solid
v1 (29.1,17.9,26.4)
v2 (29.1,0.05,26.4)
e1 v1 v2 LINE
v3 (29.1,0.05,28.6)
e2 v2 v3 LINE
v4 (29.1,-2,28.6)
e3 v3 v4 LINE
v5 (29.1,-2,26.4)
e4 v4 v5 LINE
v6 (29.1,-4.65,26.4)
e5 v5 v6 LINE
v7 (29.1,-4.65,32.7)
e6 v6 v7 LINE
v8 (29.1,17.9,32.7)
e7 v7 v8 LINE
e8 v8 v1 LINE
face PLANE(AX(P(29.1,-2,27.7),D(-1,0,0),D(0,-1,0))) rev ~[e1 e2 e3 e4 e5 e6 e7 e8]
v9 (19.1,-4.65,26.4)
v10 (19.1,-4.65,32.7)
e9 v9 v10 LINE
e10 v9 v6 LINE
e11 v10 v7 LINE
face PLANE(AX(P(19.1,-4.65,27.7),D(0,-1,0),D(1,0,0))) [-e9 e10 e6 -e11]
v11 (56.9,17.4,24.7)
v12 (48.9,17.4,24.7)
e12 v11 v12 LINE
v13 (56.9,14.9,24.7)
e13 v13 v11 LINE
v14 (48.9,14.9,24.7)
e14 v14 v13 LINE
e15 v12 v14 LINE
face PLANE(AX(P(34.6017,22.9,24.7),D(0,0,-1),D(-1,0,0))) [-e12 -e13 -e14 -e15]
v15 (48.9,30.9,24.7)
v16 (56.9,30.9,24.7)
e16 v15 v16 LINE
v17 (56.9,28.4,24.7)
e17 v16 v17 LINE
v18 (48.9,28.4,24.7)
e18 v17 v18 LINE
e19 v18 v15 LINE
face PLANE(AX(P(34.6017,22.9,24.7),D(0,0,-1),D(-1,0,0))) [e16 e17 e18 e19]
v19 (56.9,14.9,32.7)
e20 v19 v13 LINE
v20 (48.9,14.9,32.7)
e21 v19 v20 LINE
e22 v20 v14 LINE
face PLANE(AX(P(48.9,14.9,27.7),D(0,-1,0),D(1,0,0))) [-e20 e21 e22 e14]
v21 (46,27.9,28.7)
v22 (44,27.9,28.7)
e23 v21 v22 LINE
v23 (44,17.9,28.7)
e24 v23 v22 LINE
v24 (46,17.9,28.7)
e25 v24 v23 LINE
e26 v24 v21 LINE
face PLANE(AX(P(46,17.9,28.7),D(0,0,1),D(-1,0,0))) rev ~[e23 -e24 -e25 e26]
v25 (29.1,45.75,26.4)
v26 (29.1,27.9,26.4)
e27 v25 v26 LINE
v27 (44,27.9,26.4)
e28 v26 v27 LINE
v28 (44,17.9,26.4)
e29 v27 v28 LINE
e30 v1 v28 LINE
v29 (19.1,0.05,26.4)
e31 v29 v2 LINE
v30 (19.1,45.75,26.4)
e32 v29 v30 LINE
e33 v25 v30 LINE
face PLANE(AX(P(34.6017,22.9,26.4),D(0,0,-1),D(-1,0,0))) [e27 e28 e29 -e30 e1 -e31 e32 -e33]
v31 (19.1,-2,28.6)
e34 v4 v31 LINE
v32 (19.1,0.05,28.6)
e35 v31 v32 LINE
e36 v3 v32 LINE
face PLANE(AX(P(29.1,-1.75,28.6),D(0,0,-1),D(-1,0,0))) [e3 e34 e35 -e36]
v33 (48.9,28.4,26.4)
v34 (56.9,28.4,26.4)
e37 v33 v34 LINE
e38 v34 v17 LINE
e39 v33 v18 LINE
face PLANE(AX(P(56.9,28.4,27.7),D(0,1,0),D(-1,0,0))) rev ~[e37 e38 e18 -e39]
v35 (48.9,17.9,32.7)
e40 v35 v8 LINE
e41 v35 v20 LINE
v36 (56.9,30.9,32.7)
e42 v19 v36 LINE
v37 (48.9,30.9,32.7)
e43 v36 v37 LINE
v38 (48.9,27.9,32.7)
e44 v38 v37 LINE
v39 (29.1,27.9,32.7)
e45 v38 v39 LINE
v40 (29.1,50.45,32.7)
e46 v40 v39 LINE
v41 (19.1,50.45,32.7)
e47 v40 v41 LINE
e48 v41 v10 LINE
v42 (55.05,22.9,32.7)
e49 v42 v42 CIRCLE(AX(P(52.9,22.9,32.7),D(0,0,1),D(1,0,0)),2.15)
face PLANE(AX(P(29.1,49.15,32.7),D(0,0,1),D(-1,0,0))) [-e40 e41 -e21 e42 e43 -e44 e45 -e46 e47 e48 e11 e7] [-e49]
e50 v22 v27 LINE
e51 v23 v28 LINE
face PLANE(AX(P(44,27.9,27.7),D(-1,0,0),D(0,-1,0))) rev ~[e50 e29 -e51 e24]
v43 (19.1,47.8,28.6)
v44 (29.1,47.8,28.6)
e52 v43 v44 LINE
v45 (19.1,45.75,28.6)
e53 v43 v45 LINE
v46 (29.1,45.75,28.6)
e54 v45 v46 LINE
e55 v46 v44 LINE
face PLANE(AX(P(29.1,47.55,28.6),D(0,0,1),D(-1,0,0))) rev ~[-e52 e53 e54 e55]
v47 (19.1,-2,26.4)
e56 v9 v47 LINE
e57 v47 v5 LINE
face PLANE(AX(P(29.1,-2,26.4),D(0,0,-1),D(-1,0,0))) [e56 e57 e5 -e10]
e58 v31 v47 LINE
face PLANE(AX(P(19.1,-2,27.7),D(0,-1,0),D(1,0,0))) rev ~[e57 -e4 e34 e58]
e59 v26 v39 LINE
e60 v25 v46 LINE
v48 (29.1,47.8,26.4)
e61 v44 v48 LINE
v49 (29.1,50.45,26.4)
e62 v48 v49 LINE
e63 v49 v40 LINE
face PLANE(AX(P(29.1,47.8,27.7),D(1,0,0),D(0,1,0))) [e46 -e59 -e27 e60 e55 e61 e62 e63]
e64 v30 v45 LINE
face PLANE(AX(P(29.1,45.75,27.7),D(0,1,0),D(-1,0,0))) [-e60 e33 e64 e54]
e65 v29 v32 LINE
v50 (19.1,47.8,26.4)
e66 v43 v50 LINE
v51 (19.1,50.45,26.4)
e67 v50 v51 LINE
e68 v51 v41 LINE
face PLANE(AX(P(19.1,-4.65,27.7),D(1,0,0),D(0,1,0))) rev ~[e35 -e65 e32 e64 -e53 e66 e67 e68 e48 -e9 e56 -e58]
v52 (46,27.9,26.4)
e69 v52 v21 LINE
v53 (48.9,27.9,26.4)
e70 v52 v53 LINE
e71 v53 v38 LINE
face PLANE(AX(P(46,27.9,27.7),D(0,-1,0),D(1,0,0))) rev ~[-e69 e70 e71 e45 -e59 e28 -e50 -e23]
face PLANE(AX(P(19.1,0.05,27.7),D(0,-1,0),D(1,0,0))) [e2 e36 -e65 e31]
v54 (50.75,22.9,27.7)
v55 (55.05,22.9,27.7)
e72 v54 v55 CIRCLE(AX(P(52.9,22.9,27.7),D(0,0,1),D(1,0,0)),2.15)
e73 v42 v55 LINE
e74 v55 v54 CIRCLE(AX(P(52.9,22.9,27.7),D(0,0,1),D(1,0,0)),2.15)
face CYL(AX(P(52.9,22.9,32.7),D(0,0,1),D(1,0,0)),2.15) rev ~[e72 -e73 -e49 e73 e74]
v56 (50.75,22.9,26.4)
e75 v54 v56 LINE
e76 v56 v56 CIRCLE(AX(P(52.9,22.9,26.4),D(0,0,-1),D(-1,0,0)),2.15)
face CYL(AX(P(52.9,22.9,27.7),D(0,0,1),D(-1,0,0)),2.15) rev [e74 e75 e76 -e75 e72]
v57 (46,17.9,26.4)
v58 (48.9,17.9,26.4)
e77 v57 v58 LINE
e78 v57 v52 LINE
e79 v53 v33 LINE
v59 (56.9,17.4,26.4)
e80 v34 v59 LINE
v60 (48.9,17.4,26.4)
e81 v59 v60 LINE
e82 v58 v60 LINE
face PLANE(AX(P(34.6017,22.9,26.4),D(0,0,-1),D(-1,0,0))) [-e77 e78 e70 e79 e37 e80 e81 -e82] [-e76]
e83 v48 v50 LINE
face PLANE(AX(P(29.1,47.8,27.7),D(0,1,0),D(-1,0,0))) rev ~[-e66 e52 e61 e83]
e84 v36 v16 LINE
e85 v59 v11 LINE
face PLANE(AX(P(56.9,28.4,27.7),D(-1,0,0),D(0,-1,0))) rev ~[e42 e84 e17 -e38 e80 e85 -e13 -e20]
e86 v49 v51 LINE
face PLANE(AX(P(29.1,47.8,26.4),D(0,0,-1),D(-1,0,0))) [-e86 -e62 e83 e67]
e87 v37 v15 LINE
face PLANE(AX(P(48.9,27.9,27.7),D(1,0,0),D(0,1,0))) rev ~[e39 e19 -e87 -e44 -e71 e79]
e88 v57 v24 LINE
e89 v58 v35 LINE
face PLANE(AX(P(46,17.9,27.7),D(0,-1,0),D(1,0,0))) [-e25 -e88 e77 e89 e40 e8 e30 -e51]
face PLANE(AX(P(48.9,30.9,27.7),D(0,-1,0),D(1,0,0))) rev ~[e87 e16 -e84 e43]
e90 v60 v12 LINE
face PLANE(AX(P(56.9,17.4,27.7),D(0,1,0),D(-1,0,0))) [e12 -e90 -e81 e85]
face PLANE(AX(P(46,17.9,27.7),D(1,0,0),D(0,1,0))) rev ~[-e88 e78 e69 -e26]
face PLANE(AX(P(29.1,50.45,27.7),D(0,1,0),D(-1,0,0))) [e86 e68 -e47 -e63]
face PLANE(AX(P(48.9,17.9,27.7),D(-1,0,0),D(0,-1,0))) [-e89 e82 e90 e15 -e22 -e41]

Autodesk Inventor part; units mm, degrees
ref_plane "Work Plane1" through (34.6017, 22.9, 27.7) normal (0, 0, 1) x (0, -1, 0)
sketch "Sketch1" plane through (34.6017, 22.9, 27.7) normal (0, 0, 1) x (0, -1, 0)
  line L0 (-22.65, -5.5017) -> (22.65, -5.5017)
  line L1 (22.65, -5.5017) -> (22.65, -15.5017)
  line L2 (22.65, -15.5017) -> (-22.65, -15.5017)
  line L3 (-22.65, -15.5017) -> (-22.65, -5.5017)
  line L4 (-23.05, -33.7017) -> (-23.05, 15.1916) construction
  line L5 (23.05, 15.1916) -> (23.05, -33.7017) construction
  line L6 (-23.95, -33.6017) -> (-23.95, 15.3983) construction
  line L7 (22.9493, -34.6017) -> (-22.9493, -34.6017) construction
  line L8 (-23.85, -35.5017) -> (23.85, -35.5017) construction
  line L9 (23.05, -33.7017) -> (-23.05, -33.7017) construction
  point P0 (22.9, -34.6017)
  dimension "d0" = 45.3
  dimension "d1" = 10
  dimension "d2" = 0.4
  dimension "d4" = 20
extrude "Extrusion1" add sketch "Sketch1" along normal blind 3
sketch "Sketch2" plane through (19.1, 45.55, 27.7) normal (0, 1, 0) x (1, 0, 0)
  line L0 (10, 0) -> (10, -3) projected
  line L1 (0, -3) -> (10, -3)
  line L2 (10, -3) -> (10, -0.9)
  line L3 (10, -0.9) -> (0, -0.9)
  line L4 (0, -0.9) -> (0, -3)
  point P0 (-19.1, 27.7)
  dimension "d7" = 2.1
extrude "Extrusion2" add sketch "Sketch2" along normal blind 2
ref_plane "Work Plane3" through (19.1, 22.9, 27.7) normal (0, -1, 0) x (1, 0, 0)
mirror "Mirror2" about plane through (19.1, 22.9, 27.7) normal (0, -1, 0) of "Extrusion2"
sketch "Sketch3" plane through (19.1, 0.25, 27.7) normal (0, -1, 0) x (1, 0, 0)
  line L0 (10, 0.9) -> (0, 0.9) projected
  line L1 (0, 0) -> (0, 0.9) projected
  line L2 (10, 0) -> (0, 0) projected
  line L3 (10, 0) -> (10, 0.9) projected
  point P0 (-19.1, -27.7)
extrude "Extrusion3" add sketch "Sketch3" along normal blind 0.2
sketch "Sketch4" plane through (19.1, 45.55, 27.7) normal (0, 1, 0) x (1, 0, 0)
  line L0 (0, -0.9) -> (10, -0.9) projected
  line L1 (10, 0) -> (10, -0.9) projected
  line L2 (0, 0) -> (10, 0) projected
  line L3 (0, 0) -> (0, -0.9) projected
  point P0 (-19.1, 27.7)
extrude "Extrusion4" add sketch "Sketch4" along normal blind 0.2
sketch "Sketch5" plane through (19.1, 47.55, 27.7) normal (0, 1, 0) x (1, 0, 0)
  line L0 (0, -3) -> (10, -3) projected
  line L1 (10, -3) -> (10, -0.9) projected
  line L2 (10, -0.9) -> (0, -0.9) projected
  line L3 (0, -0.9) -> (0, -3) projected
  point P0 (-19.1, 27.7)
extrude "Extrusion5" add sketch "Sketch5" along normal blind 1.6
sketch "Sketch6" plane through (19.1, -1.75, 30.7) normal (0, -1, 0) x (1, 0, 0)
  line L0 (0, 0) -> (10, 0) projected
  line L1 (0, -2.1) -> (0, 0) projected
  line L2 (10, -2.1) -> (0, -2.1) projected
  line L3 (10, 0) -> (10, -2.1) projected
  point P0 (-19.1, -30.7)
extrude "Extrusion6" add sketch "Sketch6" along normal blind 1.6
sketch "Sketch7" plane through (29.1, 45.75, 28.6) normal (0, 0, -1) x (-1, 0, 0)
  line L0 (10, 0) -> (10, 3.4) projected
  line L1 (0, 3.4) -> (10, 3.4)
  line L2 (10, 3.4) -> (10, 1.85)
  line L3 (10, 1.85) -> (0, 1.85)
  line L4 (0, 1.85) -> (0, 3.4)
  point P0 (29.1, -45.75)
  dimension "d20" = 1.55
extrude "Extrusion7" add sketch "Sketch7" along normal up to surface (0.9 mm away)
mirror "Mirror3" about plane through (19.1, 22.9, 27.7) normal (0, -1, 0) of "Extrusion7"
sketch "Sketch8" plane through (19.1, 47.6, 28.6) normal (0, -1, 0) x (1, 0, 0)
  line L0 (0, -0.9) -> (10, -0.9) projected
  line L1 (10, 0) -> (10, -0.9) projected
  line L2 (0, 0) -> (10, 0) projected
  line L3 (0, 0) -> (0, -0.9) projected
  point P0 (-19.1, -28.6)
extrude "Extrusion8" cut sketch "Sketch8" against normal blind 0.2
sketch "Sketch9" plane through (19.1, -1.8, 27.7) normal (0, 1, 0) x (1, 0, 0)
  line L0 (0, 0) -> (10, 0) projected
  line L1 (0, -0.9) -> (0, 0) projected
  line L2 (10, -0.9) -> (0, -0.9) projected
  line L3 (10, -0.9) -> (10, 0) projected
  point P0 (-19.1, 27.7)
extrude "Extrusion9" cut sketch "Sketch9" against normal blind 0.2
sketch "Sketch10" plane through (34.6017, 22.9, 30.7) normal (0, 0, 1) x (1, 0, 0)
  line L0 (-5.5017, 26.25) -> (-5.5017, -26.25) projected
  line L1 (-15.5017, 26.25) -> (-5.5017, 26.25) projected
  line L2 (-15.5017, -26.25) -> (-15.5017, 26.25) projected
  line L3 (-5.5017, -26.25) -> (-15.5017, -26.25) projected
  point P0 (-34.6017, -22.9)
extrude "Extrusion10" add sketch "Sketch10" along normal blind 2
sketch "Sketch11" plane through (29.1, 0.05, 27.7) normal (1, 0, 0) x (0, 0, -1)
  line L0 (0, 45.7) -> (0, 0) projected
  line L1 (-5, -3.4) -> (-5, 49.1) projected
  line L2 (-5, 27.85) -> (0, 27.85)
  line L3 (0, 27.85) -> (0, 17.85)
  line L4 (0, 17.85) -> (-5, 17.85)
  line L5 (-5, 17.85) -> (-5, 27.85)
  line L6 (0, 49.1) -> (-5, 49.1) projected
  point P0 (27.7, -0.05)
  dimension "d29" = 10
  dimension "d37" = 21.25
ref_plane "Work Plane4" through (53.9, 4.4, -9.45) normal (1, 0, 0) x (0, 1, 0)
ref_plane "Work Plane5" through (56.9, 17.9, 20.2) normal (1, 0, 0) x (0, 1, 0)
extrude "Extrusion11" add sketch "Sketch11" along normal up to surface (27.8 mm away)
sketch "Sketch12" plane through (29.1, 17.9, 27.7) normal (0, -1, 0) x (1, 0, 0)
  line L0 (16.8, 0) -> (16.8, 0.8) construction
  line L1 (15.8, 0.8) -> (16.8, 0.8) construction
  line L2 (15, 0) -> (15, 0.8) construction
  line L3 (27.8, 0) -> (27.8, 5) construction
  line L4 (0, 5) -> (27.8, 5) construction
  line L5 (0, 0) -> (0, 5) construction
  line L6 (0, 0) -> (27.8, 0) construction
  line L7 (-34.3067, 0.8) -> (15.8, 0.8) construction
  line L8 (15, 0) -> (15, 0.8) construction
  line L9 (15, 0) -> (15, 0.8)
  line L10 (16.8, 0.8) -> (16.8, 0)
  line L11 (15, 0) -> (16.8, 0)
  line L12 (16.8, 0) -> (16.8, 0.8)
  line L13 (16.8, 0.8) -> (15, 0.8)
  line L14 (15, 0.8) -> (15, 0)
  line L15 (14.9, 0) -> (16.9, 0)
  line L16 (16.9, 0) -> (16.9, 1)
  line L17 (16.9, 1) -> (14.9, 1)
  line L18 (14.9, 1) -> (14.9, 0)
  point P0 (-29.1, -27.7)
  dimension "d32" = 2
  dimension "d33" = 1
  dimension "d34" = 0.1
extrude "Extrusion12" cut sketch "Sketch12" against normal up to next
sketch "Sketch17" plane through (34.6017, 22.9, 32.7) normal (0, 0, 1) x (1, 0, 0)
  circle A0 centre (18.2983, 0) radius 2.15 projected
  point P0 (-34.6017, -22.9)
extrude "Extrusion16" cut sketch "Sketch17" against normal up to next
sketch "Sketch18" plane through (56.9, 17.9, 27.7) normal (1, 0, 0) x (0, 0, -1)
  line L0 (0, 0) -> (-5, 0) projected
  line L1 (0, 10) -> (0, 0) projected
  line L2 (-5, 10) -> (0, 10) projected
  line L3 (-5, 0) -> (-5, 10) projected
  point P0 (27.7, -17.9)
extrude "Extrusion17" add sketch "Sketch18" along normal blind 3
sketch "Sketch20" plane through (29.1, 17.9, 27.7) normal (0, -1, 0) x (1, 0, 0)
  line L0 (16.9, 0) -> (30.8, 0) projected
  line L1 (30.8, 5) -> (19.8, 5)
  line L2 (19.8, 5) -> (19.8, 0)
  line L3 (19.8, 0) -> (30.8, 0)
  line L4 (30.8, 0) -> (30.8, 5)
  point P0 (-29.1, -27.7)
  dimension "d51" = 11
extrude "Extrusion18" add sketch "Sketch20" along normal blind 3
sketch "Sketch21" plane through (29.1, 27.9, 32.7) normal (0, 1, 0) x (1, 0, 0)
  line L0 (16.9, 5) -> (30.8, 5) projected
  line L1 (30.8, 0) -> (19.8, 0)
  line L2 (19.8, 0) -> (19.8, 5)
  line L3 (19.8, 5) -> (30.8, 5)
  line L4 (30.8, 5) -> (30.8, 0)
  point P0 (-29.1, 32.7)
  dimension "d54" = 11
extrude "Extrusion19" add sketch "Sketch21" along normal blind 3
sketch "Sketch22" plane through (34.6017, 22.9, 27.7) normal (0, 0, -1) x (-1, 0, 0)
  line L0 (-14.2983, -8) -> (-22.2983, -8)
  line L1 (-22.2983, -8) -> (-22.2983, -5.5)
  line L2 (-22.2983, -5.5) -> (-14.2983, -5.5)
  line L3 (-14.2983, -5.5) -> (-14.2983, -8)
  point P0 (34.6017, -22.9)
  dimension "d57" = 8
  dimension "d58" = 2.5
extrude "Extrusion20" add sketch "Sketch22" along normal blind 3
sketch "Sketch23" plane through (34.6017, 22.9, 27.7) normal (0, 0, -1) x (-1, 0, 0)
  line L0 (-14.2983, 8) -> (-22.2983, 8)
  line L1 (-22.2983, 8) -> (-22.2983, 5.5)
  line L2 (-22.2983, 5.5) -> (-14.2983, 5.5)
  line L3 (-14.2983, 5.5) -> (-14.2983, 8)
  point P0 (34.6017, -22.9)
  dimension "d61" = 8
  dimension "d62" = 2.5
extrude "Extrusion21" add sketch "Sketch23" along normal blind 3
sketch "Sketch24" plane through (59.9, 17.9, 27.7) normal (1, 0, 0) x (0, 0, -1)
  line L0 (0, 13) -> (0, -3) projected
  line L1 (-5, 13) -> (0, 13) projected
  line L2 (-5, -3) -> (-5, 13) projected
  line L3 (0, -3) -> (-5, -3) projected
  point P0 (27.7, -17.9)
extrude "Extrusion22" cut sketch "Sketch24" against normal blind 3
sketch "Sketch25" plane through (34.6017, 22.9, 27.7) normal (0, 0, -1) x (-1, 0, 0)
  line L0 (-9.3983, 5) -> (-9.3983, -5) projected
  line L1 (5.5017, -5) -> (-9.3983, -5) projected
  line L2 (5.5017, -5) -> (5.5017, -22.85) projected
  line L3 (15.5017, -22.85) -> (5.5017, -22.85) projected
  line L4 (15.5017, -22.85) -> (15.5017, 22.85) projected
  line L5 (5.5017, 22.85) -> (15.5017, 22.85) projected
  line L6 (5.5017, 22.85) -> (5.5017, 5) projected
  line L7 (5.5017, 5) -> (-9.3983, 5) projected
  point P0 (34.6017, -22.9)
extrude "Extrusion23" add sketch "Sketch25" along normal blind 1.3
sketch "Sketch26" plane through (19.1, -3.35, 30.7) normal (0, -1, 0) x (1, 0, 0)
  line L0 (0, -3) -> (0, 2) projected
  line L1 (10, -3) -> (0, -3) projected
  line L2 (10, 2) -> (10, -3) projected
  line L3 (0, 2) -> (10, 2) projected
  point P0 (-19.1, -30.7)
extrude "Extrusion24" add sketch "Sketch26" along normal blind 1.3
sketch "Sketch27" plane through (19.1, 49.15, 27.7) normal (0, 1, 0) x (1, 0, 0)
  line L0 (10, 0) -> (10, -5) projected
  line L1 (10, 0) -> (0, 0) projected
  line L2 (0, -5) -> (0, 0) projected
  line L3 (10, -5) -> (0, -5) projected
  point P0 (-19.1, 27.7)
extrude "Extrusion25" add sketch "Sketch27" along normal blind 1.3
sketch "Sketch28" plane through (29.1, 47.8, 27.7) normal (0, 0, -1) x (-1, 0, 0)
  line L0 (0, 0) -> (10, 0) projected
  line L1 (10, 0) -> (10, 2.65) projected
  line L2 (0, 2.65) -> (10, 2.65) projected
  line L3 (0, 0) -> (0, 2.65) projected
  point P0 (29.1, -47.8)
extrude "Extrusion26" add sketch "Sketch28" along normal blind 1.3
sketch "Sketch29" plane through (29.1, -2, 27.7) normal (0, 0, -1) x (-1, 0, 0)
  line L0 (10, 0) -> (0, 0) projected
  line L1 (0, 0) -> (0, -2.65) projected
  line L2 (10, -2.65) -> (0, -2.65) projected
  line L3 (10, -2.65) -> (10, 0) projected
  point P0 (29.1, 2)
extrude "Extrusion27" add sketch "Sketch29" along normal blind 1.3
sketch "Sketch30" plane through (34.6017, 22.9, 27.7) normal (0, 0, -1) x (-1, 0, 0)
  circle A0 centre (-18.2983, 0) radius 2.15 projected
  line L0 (-22.2983, 5.5) -> (-22.2983, -5.5) projected
  line L1 (-22.2983, -5.5) -> (-14.2983, -5.5) projected
  line L2 (-14.2983, -5) -> (-14.2983, -5.5) projected
  line L3 (-11.3983, -5) -> (-14.2983, -5) projected
  line L4 (-11.3983, -5) -> (-11.3983, 5) projected
  line L5 (-11.3983, 5) -> (-14.2983, 5) projected
  line L6 (-14.2983, 5) -> (-14.2983, 5.5) projected
  line L7 (-14.2983, 5.5) -> (-22.2983, 5.5) projected
  point P0 (34.6017, -22.9)
extrude "Extrusion28" add sketch "Sketch30" along normal blind 1.3
properties part number "LongAxisTopClamp"
